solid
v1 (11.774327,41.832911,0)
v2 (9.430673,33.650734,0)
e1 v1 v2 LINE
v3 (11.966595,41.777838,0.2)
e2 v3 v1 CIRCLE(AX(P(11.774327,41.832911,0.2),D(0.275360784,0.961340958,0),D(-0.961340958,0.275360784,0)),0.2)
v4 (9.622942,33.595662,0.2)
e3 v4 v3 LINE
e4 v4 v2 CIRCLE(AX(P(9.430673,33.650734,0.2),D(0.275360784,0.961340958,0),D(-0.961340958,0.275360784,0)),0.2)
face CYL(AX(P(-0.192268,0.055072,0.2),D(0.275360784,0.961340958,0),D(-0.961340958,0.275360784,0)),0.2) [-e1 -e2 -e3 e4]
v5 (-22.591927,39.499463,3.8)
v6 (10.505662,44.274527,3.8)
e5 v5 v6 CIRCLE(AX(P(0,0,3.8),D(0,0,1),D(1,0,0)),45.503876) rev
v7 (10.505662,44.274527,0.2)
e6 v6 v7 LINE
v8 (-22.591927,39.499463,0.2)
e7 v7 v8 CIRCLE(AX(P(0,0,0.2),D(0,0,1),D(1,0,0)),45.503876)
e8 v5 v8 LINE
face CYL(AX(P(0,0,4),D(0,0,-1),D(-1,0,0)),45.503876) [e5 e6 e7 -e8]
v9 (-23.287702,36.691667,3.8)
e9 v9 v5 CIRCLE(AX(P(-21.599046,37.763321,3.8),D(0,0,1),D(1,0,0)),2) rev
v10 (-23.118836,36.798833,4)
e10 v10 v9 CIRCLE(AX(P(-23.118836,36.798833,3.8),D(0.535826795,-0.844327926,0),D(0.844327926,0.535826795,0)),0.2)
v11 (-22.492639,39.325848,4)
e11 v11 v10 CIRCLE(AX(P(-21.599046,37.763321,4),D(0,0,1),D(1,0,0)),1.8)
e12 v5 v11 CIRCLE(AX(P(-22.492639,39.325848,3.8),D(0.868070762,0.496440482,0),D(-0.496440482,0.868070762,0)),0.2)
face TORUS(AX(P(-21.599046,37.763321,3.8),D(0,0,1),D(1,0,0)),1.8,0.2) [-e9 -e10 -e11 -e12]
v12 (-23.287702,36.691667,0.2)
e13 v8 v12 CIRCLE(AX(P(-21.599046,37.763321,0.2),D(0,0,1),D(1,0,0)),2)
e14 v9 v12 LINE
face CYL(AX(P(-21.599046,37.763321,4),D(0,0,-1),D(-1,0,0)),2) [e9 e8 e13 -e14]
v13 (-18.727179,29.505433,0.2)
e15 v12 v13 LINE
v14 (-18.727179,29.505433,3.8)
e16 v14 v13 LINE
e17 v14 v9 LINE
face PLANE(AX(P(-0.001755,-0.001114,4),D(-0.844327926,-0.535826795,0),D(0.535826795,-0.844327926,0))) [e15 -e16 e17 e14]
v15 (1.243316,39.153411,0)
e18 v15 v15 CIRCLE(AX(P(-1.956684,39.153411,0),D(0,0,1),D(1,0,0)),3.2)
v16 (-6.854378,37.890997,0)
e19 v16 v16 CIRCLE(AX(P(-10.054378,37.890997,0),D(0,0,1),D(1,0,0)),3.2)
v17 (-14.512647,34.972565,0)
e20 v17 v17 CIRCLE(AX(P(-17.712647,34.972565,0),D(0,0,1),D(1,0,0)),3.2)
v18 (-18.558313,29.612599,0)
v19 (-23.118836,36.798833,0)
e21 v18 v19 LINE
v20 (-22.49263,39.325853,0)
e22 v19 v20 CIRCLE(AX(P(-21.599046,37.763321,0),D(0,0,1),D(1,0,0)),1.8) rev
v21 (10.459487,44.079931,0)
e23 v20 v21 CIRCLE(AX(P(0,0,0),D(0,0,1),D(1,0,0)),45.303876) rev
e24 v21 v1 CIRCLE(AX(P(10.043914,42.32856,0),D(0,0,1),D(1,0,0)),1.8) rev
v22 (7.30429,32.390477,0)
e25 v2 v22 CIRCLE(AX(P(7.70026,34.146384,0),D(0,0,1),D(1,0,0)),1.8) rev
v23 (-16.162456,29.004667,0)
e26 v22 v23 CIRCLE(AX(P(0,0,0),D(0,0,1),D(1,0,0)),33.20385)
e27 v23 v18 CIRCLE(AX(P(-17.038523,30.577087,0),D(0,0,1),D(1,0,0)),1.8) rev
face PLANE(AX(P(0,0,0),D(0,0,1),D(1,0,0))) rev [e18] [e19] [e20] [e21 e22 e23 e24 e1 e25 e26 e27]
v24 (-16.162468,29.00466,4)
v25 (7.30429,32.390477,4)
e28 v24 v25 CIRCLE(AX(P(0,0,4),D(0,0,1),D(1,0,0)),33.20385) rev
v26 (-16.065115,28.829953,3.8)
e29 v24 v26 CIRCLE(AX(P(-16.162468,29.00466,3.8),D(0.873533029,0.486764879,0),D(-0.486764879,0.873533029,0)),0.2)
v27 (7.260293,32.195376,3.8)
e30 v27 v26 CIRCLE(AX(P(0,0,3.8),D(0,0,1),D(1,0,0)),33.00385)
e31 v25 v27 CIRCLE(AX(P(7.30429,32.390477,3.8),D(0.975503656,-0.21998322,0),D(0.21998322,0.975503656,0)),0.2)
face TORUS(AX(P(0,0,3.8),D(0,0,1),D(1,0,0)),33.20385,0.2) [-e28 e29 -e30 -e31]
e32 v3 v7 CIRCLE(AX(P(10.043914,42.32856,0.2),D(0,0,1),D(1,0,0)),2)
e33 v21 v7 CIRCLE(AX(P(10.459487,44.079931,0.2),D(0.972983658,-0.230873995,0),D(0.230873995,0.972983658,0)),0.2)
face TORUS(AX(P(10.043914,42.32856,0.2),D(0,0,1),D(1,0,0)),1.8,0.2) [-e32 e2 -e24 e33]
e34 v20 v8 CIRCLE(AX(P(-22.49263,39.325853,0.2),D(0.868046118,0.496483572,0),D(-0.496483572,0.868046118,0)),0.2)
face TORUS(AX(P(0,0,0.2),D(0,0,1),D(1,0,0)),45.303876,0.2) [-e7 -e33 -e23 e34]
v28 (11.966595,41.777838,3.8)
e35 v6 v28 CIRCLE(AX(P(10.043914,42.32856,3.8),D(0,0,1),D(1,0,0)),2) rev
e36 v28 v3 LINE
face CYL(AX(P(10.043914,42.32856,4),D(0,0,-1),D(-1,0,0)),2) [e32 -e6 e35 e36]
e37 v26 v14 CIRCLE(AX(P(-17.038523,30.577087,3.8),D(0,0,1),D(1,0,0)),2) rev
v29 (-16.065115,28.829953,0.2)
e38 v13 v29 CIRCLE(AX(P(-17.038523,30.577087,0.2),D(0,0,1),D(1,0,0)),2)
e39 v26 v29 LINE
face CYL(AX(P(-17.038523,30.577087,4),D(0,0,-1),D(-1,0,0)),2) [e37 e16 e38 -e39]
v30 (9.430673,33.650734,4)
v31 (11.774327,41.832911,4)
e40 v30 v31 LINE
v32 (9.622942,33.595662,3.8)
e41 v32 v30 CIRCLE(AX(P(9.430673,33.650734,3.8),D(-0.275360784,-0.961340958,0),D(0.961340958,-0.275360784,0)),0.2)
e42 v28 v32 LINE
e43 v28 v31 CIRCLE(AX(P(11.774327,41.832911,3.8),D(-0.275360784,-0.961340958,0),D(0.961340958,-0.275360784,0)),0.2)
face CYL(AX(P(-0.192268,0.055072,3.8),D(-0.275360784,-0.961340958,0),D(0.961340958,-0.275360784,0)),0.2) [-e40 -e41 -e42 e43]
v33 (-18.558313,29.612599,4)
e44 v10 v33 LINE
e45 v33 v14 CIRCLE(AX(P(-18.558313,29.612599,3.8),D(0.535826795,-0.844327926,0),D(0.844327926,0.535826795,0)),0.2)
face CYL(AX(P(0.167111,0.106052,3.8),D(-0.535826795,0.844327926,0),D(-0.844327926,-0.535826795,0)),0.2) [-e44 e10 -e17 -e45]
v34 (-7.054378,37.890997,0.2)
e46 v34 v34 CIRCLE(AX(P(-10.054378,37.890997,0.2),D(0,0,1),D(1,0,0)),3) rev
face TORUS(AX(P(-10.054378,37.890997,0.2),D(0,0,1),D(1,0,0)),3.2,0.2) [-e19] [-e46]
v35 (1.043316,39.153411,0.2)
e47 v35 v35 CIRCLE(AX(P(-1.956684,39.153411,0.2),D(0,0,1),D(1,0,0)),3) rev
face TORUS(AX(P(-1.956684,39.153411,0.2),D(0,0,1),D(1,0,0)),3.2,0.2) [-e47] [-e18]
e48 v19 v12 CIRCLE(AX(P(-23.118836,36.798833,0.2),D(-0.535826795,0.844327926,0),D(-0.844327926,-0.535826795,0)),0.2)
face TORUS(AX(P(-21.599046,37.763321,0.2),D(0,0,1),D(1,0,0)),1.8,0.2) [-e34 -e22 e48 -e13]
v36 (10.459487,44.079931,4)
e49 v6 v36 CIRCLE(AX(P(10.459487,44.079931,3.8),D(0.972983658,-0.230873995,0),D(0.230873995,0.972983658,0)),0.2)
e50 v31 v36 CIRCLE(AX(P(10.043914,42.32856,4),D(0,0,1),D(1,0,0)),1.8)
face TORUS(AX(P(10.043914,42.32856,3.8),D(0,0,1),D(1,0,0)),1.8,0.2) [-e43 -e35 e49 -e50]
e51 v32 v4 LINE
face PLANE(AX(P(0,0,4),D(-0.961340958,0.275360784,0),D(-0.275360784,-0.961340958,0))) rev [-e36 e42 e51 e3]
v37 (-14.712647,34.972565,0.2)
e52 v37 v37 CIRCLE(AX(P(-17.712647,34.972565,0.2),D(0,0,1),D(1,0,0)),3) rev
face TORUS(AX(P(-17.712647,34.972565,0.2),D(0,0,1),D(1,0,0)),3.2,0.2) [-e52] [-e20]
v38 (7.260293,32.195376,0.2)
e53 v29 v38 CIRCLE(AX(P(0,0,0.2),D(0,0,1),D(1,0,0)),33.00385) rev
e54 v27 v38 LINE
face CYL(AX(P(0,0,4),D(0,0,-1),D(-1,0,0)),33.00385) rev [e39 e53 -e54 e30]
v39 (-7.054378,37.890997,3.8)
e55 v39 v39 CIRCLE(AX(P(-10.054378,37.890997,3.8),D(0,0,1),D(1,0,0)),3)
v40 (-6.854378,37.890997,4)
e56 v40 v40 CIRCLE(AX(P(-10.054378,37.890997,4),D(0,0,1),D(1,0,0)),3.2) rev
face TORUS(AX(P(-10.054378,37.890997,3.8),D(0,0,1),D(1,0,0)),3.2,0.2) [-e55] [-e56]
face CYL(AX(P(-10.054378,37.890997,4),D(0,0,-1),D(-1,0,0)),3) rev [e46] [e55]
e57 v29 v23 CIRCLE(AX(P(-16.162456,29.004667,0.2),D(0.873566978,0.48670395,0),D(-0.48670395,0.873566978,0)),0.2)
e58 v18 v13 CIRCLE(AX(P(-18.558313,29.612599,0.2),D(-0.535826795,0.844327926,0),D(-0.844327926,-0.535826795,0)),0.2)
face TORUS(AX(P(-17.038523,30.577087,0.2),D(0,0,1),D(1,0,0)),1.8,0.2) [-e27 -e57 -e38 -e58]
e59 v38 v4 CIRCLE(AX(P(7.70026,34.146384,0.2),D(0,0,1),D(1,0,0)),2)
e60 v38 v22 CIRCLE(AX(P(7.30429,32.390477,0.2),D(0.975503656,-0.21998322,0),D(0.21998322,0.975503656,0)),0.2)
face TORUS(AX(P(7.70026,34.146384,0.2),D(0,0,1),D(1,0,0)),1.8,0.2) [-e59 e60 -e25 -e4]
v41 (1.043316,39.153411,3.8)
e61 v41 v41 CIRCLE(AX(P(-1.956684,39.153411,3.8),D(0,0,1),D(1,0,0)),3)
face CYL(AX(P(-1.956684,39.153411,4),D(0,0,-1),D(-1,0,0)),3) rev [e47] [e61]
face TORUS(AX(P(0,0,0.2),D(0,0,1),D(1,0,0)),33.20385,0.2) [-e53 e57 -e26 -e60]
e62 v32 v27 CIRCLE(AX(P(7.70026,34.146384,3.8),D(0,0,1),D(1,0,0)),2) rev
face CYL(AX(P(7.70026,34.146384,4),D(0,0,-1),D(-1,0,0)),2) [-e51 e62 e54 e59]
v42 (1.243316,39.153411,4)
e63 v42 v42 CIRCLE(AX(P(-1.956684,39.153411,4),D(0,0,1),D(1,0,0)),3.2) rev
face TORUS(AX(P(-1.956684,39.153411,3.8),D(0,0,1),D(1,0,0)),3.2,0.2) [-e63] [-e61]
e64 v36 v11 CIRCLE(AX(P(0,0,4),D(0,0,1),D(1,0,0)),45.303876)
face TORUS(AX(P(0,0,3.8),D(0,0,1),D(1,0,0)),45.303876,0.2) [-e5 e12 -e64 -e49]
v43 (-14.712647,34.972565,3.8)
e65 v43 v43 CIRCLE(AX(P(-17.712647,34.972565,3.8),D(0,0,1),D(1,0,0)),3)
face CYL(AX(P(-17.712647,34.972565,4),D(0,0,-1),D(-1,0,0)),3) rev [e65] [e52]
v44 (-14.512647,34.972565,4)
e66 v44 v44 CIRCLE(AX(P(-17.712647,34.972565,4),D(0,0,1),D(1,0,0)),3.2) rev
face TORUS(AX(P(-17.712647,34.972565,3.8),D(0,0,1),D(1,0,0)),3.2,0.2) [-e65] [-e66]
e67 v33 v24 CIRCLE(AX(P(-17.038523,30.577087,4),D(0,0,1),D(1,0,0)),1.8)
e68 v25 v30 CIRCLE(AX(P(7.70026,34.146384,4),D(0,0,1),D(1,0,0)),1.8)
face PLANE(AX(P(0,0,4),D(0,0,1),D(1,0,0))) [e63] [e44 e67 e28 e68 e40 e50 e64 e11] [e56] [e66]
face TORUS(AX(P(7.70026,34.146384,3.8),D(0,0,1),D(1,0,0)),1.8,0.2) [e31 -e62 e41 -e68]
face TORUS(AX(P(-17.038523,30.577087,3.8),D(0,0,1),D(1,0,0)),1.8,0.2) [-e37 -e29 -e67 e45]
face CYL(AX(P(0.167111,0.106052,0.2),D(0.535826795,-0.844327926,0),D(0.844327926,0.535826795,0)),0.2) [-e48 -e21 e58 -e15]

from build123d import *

# Parameters (mm, degrees)
SCHIZZO2_R                   = 3
ESTRUSIONE_ESTRUSIONE3_DEPTH = 4
RACCORDO2_R                  = 0.2


with BuildPart() as part:
    # Schizzo2 → Estrusione-Estrusione3 (new body)
    with BuildSketch(Plane.XY):
        with BuildLine():
            Line((9.622941578, 33.595662152), (11.966595458, 41.777838395))
            ThreePointArc((11.966595458, 41.777838395), (11.770105981, 43.338638999), (10.505661531, 44.274527279))
            ThreePointArc((10.505661531, 44.274527279), (-6.497724988, 45.037564987), (-22.59201682, 39.499410958))
            ThreePointArc((-22.59201682, 39.499410958), (-23.540330925, 38.244373716), (-23.287701565, 36.691667398))
            Line((-23.287701565, 36.691667398), (-18.727178845, 29.505433483))
            ThreePointArc((-18.727178845, 29.505433483), (-17.530420686, 28.638521453), (-16.065115094, 28.829953117))
            ThreePointArc((-16.065115094, 28.829953117), (-4.713039416, 32.665599324), (7.26029322, 32.195376408))
            ThreePointArc((7.26029322, 32.195376408), (8.719971059, 32.425863839), (9.622941578, 33.595662152))
        make_face()
        with Locations((-1.956684159, 39.153410587)):
            Circle(SCHIZZO2_R, mode=Mode.SUBTRACT)
        with Locations((-10.054377712, 37.890997115)):
            Circle(SCHIZZO2_R, mode=Mode.SUBTRACT)
        with Locations((-17.712646712, 34.972565247)):
            Circle(SCHIZZO2_R, mode=Mode.SUBTRACT)
    extrude(amount=ESTRUSIONE_ESTRUSIONE3_DEPTH)

    # Raccordo2
    raccordo2_edges = [part.edges().sort_by_distance(p)[0] for p in [
        (-13.054377712, 37.890997115, 4),
        (8.719971059, 32.425863839, 0),
        (-4.713039416, 32.665599324, 0),
        (-17.530420686, 28.638521453, 0),
        (-21.007440205, 33.098550441, 0),
        (-23.540343413, 38.244323318, 0),
        (-6.497724988, 45.037564987, 0),
        (11.770105981, 43.338638999, 0),
        (10.794768518, 37.686750273, 0),
        (-20.712646712, 34.972565247, 4),
        (-20.712646712, 34.972565247, 0),
        (-13.054377712, 37.890997115, 0),
        (-4.956684159, 39.153410587, 0),
        (10.794768518, 37.686750273, 4),
        (11.770105981, 43.338638999, 4),
        (-6.497724988, 45.037564987, 4),
        (-23.540343413, 38.244323318, 4),
        (-21.007440205, 33.098550441, 4),
        (-17.530420686, 28.638521453, 4),
        (-4.713039416, 32.665599324, 4),
        (8.719971059, 32.425863839, 4),
        (-4.956684159, 39.153410587, 4),
    ]]
    fillet(raccordo2_edges, radius=RACCORDO2_R)


solid = part.part
